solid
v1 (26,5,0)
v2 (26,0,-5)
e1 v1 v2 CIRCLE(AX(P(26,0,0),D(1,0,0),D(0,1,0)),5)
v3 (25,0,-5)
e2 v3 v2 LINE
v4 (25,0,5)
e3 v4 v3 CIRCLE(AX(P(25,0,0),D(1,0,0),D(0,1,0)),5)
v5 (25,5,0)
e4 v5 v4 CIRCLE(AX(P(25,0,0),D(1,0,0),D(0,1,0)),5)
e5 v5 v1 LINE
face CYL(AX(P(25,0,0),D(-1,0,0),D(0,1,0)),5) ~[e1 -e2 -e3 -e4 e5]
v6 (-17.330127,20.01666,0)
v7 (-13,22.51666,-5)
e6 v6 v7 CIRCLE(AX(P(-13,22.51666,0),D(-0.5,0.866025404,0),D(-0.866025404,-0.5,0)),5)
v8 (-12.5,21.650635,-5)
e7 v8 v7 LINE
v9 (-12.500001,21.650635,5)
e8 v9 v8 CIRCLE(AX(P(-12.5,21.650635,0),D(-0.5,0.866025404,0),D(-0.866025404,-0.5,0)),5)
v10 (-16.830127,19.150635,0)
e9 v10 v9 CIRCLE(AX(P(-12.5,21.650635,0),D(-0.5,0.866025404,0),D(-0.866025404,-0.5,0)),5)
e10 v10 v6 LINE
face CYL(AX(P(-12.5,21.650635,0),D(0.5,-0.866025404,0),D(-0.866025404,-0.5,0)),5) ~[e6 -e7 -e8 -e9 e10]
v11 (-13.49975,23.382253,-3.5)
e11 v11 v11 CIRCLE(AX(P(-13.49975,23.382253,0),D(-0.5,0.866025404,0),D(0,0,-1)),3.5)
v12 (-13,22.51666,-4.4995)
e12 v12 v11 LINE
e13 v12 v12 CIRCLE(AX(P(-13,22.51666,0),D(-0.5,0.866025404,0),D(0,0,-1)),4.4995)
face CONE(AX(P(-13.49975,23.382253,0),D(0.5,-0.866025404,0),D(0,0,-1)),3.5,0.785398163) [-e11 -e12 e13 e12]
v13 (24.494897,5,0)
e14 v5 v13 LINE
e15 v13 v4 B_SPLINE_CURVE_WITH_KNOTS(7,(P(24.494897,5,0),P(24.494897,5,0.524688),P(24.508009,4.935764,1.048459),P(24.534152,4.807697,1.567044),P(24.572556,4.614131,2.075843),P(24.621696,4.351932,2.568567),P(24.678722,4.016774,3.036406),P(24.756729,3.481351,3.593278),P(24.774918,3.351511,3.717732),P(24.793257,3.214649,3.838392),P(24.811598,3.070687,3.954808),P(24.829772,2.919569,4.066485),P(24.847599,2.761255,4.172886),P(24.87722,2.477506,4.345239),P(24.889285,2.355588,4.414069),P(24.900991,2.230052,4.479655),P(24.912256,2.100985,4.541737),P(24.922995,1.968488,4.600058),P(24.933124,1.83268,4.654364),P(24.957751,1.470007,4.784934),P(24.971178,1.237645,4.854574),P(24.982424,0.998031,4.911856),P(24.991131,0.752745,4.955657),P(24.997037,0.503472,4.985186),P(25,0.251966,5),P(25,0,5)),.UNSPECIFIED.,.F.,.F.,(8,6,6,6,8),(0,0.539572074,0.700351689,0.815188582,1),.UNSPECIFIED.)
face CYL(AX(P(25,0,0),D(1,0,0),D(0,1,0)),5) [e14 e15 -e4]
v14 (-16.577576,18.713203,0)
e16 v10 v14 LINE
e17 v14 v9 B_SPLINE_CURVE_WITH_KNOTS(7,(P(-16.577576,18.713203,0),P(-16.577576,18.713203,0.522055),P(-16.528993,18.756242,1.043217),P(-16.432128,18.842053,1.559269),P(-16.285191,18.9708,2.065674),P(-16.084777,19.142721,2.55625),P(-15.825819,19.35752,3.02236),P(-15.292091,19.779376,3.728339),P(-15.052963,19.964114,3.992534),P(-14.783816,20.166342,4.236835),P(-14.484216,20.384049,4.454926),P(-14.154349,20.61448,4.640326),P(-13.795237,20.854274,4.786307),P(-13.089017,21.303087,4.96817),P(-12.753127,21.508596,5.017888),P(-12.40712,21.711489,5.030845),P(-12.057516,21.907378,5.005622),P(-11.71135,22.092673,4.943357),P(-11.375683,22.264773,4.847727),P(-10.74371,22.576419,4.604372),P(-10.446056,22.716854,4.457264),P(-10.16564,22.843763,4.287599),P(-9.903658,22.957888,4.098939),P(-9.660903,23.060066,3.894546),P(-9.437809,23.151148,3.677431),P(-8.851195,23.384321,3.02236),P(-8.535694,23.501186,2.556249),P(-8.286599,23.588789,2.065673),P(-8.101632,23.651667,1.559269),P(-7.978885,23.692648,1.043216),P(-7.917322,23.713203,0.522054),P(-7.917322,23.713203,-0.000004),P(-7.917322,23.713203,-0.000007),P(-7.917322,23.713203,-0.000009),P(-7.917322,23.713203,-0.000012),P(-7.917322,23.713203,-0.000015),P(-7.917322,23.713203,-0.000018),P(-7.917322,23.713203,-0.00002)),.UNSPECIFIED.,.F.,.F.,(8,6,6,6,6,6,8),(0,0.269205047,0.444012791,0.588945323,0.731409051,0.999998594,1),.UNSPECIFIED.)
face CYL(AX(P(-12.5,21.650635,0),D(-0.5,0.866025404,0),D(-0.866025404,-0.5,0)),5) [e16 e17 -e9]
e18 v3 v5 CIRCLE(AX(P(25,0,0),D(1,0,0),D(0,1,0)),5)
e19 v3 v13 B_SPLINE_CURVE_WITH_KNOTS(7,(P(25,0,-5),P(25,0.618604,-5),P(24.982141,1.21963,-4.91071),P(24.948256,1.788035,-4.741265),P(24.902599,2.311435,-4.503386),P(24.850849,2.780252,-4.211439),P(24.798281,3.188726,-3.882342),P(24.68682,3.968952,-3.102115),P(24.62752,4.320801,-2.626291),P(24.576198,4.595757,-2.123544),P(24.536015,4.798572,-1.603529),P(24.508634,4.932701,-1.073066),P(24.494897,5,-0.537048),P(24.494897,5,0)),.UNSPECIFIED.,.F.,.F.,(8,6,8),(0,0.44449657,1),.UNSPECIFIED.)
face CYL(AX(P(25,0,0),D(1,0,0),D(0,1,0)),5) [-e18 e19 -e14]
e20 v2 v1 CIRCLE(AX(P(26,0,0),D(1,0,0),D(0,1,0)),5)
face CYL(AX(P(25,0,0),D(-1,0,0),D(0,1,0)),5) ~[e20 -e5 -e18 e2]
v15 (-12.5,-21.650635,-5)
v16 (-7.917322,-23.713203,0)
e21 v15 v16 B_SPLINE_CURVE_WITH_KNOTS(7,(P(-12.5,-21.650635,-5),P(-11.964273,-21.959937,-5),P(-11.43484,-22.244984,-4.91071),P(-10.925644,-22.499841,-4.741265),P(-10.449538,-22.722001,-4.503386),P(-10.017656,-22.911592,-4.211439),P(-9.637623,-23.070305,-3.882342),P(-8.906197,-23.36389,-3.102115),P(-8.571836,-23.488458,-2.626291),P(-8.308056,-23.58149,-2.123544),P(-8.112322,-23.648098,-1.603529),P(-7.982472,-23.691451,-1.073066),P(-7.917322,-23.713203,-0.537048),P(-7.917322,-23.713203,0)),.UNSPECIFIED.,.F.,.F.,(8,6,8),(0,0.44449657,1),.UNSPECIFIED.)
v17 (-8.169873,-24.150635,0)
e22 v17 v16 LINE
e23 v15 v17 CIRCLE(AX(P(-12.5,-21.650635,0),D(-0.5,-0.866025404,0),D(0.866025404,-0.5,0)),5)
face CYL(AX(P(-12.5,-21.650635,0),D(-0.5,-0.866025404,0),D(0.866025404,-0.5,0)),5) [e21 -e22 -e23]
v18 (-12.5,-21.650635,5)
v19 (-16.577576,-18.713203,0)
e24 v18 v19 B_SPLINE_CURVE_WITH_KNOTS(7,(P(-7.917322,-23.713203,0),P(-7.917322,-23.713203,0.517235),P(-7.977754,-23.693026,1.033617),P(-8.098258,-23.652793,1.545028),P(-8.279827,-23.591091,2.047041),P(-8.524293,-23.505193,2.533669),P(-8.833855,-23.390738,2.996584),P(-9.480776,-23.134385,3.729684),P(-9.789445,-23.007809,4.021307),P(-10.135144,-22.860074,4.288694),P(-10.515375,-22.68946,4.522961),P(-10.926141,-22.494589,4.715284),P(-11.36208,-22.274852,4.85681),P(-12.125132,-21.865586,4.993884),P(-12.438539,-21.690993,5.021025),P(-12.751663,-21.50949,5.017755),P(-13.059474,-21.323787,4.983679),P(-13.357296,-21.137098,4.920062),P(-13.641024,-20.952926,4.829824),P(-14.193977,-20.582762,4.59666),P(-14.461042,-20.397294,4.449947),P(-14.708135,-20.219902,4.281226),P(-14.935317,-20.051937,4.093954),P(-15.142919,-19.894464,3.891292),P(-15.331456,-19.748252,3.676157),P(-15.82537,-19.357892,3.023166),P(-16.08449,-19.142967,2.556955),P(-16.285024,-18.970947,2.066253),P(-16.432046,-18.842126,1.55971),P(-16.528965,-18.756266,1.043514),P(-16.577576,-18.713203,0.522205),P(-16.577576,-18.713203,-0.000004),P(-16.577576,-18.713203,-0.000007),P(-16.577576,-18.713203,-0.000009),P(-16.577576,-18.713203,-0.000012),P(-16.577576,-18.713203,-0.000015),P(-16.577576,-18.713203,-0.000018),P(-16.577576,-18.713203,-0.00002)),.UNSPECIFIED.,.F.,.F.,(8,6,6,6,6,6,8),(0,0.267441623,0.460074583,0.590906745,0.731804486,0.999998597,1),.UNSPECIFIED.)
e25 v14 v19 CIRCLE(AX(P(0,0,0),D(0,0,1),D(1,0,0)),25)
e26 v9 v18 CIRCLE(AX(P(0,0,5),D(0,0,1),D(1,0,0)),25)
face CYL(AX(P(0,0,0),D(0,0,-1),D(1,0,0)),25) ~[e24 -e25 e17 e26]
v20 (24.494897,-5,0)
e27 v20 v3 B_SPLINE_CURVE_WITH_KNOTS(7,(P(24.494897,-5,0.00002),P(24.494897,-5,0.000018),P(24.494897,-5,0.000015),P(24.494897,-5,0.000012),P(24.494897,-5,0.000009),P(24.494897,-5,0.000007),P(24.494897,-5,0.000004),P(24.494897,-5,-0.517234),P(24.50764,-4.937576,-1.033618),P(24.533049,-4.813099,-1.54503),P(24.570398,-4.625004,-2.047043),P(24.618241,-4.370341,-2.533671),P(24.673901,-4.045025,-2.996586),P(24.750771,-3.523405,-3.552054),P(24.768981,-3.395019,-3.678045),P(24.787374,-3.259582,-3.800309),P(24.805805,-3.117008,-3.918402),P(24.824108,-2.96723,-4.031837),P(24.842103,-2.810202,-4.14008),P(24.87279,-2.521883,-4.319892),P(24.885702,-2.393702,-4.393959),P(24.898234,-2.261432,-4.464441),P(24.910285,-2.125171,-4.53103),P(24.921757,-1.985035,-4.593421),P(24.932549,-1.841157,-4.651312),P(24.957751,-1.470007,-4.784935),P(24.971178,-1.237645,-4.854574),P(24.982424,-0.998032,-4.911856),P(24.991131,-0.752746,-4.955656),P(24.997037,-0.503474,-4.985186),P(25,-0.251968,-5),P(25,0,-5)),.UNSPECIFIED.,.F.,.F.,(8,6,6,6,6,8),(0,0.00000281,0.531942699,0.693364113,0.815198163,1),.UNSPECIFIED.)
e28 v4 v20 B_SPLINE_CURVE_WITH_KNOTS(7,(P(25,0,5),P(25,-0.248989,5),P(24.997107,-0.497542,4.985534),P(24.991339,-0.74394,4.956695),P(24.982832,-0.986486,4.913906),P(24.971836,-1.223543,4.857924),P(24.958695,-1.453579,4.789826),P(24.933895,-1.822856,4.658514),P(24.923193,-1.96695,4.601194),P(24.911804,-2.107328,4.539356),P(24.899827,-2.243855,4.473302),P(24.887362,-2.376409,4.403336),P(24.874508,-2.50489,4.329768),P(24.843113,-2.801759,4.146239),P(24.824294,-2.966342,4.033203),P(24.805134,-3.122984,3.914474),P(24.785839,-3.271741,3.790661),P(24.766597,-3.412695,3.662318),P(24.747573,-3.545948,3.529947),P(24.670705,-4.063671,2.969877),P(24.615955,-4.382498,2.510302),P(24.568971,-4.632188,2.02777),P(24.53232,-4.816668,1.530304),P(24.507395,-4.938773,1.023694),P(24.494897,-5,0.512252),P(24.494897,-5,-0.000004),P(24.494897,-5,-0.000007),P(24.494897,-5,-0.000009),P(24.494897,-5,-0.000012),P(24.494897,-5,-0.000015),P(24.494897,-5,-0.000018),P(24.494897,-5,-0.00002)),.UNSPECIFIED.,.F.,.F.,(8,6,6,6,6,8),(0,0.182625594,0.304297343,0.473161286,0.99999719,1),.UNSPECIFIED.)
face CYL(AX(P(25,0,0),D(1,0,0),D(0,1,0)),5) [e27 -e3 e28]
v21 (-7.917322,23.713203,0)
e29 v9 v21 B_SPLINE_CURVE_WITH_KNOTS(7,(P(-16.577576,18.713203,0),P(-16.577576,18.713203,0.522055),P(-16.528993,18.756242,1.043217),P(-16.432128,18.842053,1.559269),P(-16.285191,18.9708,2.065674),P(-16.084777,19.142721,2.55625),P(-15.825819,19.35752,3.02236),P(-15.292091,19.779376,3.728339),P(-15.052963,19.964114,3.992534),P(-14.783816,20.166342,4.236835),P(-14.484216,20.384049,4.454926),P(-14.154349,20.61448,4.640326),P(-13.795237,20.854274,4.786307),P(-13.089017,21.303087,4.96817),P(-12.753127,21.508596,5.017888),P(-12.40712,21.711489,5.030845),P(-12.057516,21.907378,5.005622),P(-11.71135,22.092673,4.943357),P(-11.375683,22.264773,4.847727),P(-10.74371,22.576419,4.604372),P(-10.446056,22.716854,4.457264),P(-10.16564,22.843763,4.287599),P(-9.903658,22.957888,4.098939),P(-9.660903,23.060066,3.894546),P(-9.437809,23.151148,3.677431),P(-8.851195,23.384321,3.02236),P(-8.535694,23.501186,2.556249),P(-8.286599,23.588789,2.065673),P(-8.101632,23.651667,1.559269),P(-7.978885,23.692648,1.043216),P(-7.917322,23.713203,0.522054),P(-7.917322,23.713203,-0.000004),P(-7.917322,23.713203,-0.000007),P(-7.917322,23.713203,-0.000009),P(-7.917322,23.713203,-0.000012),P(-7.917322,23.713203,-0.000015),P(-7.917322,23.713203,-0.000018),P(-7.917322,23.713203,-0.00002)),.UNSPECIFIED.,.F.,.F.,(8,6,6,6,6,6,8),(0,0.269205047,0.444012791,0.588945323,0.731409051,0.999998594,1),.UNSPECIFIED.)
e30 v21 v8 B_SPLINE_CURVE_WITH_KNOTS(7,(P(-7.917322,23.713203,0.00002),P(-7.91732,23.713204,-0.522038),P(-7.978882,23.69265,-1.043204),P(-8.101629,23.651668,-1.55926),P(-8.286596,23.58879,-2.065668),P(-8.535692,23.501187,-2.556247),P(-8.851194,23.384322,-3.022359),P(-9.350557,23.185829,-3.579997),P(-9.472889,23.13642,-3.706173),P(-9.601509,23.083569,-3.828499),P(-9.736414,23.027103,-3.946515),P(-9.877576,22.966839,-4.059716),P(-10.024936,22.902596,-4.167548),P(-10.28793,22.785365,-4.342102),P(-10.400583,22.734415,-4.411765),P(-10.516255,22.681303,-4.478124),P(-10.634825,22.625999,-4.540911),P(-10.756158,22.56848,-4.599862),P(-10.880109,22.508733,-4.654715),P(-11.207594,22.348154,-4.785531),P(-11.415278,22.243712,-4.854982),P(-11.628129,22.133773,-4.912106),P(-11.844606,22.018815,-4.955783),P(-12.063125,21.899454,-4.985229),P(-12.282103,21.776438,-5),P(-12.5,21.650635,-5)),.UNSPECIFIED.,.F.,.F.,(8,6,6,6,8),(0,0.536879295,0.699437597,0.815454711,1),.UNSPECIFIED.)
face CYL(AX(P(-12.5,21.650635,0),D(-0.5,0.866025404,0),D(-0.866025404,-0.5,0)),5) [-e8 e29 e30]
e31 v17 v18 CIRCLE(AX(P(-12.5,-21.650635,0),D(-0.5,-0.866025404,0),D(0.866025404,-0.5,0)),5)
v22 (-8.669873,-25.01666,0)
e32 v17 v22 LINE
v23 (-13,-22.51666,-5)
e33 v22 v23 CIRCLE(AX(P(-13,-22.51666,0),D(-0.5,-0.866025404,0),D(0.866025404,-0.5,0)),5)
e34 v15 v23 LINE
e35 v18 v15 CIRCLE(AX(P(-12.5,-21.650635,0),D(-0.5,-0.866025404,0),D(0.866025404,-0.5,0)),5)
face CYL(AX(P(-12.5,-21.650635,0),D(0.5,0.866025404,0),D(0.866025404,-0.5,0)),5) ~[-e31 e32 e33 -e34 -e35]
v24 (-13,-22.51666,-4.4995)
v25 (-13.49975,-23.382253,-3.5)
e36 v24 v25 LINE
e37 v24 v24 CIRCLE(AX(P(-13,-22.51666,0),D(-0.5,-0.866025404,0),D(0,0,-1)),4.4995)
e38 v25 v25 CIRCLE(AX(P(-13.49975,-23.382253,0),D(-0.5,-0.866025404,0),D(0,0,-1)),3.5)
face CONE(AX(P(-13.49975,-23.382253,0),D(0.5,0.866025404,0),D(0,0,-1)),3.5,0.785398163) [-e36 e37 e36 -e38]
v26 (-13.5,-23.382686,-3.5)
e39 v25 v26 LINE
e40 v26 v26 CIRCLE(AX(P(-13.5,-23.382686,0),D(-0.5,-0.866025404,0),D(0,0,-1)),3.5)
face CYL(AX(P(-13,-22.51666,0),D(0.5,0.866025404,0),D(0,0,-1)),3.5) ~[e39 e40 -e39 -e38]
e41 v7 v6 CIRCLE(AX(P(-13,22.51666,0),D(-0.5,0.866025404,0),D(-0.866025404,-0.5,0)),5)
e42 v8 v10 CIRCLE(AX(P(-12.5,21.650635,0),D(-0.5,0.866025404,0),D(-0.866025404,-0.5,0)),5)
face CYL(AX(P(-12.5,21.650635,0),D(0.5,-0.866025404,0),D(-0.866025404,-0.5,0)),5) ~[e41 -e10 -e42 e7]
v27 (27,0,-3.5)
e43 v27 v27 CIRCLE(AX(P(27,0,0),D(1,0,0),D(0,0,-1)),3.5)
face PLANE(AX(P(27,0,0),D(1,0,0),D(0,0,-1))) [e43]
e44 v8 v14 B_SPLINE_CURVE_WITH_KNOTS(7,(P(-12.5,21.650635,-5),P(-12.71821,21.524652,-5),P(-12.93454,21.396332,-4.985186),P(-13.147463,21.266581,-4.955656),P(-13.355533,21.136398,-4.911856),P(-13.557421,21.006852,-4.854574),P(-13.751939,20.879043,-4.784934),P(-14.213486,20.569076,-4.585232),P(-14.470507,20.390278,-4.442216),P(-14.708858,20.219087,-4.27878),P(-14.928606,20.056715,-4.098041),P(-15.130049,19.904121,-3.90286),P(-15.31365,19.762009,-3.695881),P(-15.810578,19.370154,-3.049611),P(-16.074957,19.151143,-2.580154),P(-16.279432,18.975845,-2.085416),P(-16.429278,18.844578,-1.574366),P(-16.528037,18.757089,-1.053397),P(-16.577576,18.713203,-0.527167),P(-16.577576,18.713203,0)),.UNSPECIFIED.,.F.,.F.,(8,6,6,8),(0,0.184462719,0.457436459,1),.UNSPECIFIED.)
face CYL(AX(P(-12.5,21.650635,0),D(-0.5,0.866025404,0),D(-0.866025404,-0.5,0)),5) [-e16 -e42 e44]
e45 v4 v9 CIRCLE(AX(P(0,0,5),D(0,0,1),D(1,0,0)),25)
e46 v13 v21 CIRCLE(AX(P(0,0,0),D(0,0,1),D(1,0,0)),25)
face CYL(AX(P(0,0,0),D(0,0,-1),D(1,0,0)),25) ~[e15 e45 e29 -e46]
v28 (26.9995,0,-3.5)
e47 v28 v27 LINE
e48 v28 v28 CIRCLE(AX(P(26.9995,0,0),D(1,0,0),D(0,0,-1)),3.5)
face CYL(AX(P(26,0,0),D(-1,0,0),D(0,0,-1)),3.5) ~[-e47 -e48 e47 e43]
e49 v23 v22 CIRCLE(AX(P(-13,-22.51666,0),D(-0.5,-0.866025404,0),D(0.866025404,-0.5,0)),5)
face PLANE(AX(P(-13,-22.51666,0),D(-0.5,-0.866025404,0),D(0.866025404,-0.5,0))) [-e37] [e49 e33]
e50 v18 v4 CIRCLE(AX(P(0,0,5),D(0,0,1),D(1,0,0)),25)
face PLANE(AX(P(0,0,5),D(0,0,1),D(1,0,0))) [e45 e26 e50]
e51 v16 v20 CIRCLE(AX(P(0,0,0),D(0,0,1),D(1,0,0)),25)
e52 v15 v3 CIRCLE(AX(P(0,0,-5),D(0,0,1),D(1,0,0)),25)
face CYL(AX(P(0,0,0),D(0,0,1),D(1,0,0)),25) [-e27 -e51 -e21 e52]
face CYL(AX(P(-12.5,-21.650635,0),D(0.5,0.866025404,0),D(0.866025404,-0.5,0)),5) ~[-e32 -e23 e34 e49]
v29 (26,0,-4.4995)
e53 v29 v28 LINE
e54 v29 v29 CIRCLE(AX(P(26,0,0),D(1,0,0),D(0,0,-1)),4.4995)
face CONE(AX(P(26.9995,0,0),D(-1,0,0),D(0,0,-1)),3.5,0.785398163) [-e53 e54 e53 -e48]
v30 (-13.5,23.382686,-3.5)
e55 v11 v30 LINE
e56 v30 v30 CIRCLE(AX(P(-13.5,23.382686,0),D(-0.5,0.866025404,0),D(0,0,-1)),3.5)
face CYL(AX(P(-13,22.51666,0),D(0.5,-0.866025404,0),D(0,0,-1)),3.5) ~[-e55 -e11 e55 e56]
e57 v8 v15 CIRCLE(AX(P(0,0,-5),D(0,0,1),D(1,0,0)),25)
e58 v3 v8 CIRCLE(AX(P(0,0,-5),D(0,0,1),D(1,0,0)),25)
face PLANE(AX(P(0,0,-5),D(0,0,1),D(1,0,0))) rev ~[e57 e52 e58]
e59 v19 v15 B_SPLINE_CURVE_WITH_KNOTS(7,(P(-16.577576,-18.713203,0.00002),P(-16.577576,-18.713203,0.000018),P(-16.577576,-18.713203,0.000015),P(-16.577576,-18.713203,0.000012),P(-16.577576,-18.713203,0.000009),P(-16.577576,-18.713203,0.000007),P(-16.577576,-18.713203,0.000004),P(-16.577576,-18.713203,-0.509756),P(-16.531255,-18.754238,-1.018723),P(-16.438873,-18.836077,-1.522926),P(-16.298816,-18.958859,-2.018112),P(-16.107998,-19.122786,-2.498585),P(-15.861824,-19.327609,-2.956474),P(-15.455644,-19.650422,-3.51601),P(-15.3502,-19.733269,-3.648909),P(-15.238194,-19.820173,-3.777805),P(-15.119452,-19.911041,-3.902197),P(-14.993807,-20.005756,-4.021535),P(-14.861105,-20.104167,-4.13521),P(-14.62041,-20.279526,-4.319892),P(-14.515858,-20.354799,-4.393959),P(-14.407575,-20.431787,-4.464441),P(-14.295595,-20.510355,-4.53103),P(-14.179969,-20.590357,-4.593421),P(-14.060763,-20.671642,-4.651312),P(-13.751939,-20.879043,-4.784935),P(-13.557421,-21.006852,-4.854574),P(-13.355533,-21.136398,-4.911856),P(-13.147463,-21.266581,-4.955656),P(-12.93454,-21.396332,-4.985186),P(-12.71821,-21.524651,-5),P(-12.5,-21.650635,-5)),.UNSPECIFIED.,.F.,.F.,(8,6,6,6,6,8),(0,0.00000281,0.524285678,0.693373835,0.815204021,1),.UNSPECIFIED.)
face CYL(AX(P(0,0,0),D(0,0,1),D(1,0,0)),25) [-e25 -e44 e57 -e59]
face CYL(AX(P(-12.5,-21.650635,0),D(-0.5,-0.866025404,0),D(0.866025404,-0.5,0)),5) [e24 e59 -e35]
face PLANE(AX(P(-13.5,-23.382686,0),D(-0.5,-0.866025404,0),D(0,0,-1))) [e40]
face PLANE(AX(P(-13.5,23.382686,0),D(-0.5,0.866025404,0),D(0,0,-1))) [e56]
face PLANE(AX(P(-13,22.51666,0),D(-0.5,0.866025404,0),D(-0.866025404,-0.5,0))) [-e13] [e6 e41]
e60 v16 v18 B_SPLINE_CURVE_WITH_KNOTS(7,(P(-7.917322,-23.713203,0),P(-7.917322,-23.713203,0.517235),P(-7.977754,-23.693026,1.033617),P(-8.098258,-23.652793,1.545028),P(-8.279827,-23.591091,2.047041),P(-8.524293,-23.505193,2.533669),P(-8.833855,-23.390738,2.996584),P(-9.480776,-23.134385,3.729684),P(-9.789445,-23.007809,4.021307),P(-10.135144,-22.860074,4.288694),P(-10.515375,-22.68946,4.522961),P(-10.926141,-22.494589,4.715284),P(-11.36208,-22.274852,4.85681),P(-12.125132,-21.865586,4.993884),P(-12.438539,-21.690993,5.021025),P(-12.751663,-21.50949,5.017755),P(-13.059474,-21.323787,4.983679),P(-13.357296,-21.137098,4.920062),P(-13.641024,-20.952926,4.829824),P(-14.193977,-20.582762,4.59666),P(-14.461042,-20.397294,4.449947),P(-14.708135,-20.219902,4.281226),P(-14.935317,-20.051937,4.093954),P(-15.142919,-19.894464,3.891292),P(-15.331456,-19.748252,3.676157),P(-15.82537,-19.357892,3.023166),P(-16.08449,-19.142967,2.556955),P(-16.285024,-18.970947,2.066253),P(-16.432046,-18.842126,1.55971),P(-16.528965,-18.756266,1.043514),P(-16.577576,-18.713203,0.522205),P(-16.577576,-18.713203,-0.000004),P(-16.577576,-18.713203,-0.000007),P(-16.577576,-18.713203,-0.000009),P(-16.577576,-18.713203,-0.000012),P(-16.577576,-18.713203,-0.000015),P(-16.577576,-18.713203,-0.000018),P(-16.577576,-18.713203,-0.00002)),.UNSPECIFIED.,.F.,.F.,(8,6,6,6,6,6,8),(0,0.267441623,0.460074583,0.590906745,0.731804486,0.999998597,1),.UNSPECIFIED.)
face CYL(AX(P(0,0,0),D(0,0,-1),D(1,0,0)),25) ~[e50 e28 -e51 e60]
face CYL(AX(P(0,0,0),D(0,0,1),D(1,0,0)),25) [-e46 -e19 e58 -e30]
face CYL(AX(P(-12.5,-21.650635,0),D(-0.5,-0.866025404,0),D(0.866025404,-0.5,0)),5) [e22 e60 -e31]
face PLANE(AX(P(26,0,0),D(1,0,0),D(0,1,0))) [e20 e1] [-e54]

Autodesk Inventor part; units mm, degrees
ref_plane "XZ Plane" through (0, 0, 0) normal (0, 1, 0) x (-1, 0, 0)
ref_plane "XY Plane" through (0, 0, 0) normal (0, 0, 1) x (1, 0, 0)
sketch "Sketch1" plane through (0, 0, 0) normal (0, 0, 1) x (1, 0, 0)
  circle A0 centre (0, 0) radius 25
  dimension "d0" = 50
extrude "Extrusion1" add sketch "Sketch1" along normal mid plane 10
ref_plane "Work Plane1" through (25, 0, 0) normal (1, 0, 0) x (0, 1, 0)
sketch "Sketch2" plane through (25, 0, 0) normal (1, 0, 0) x (0, 1, 0)
  circle A0 centre (0, 0) radius 5
  line L0 (-25, -5) -> (25, -5) projected
  point P0 (0, 0)
extrude "Extrusion2" add sketch "Sketch2" along normal mid plane 2
sketch "Sketch3" plane through (26, 0, 0) normal (1, 0, 0) x (0, 0, -1)
  circle A0 centre (0, 0) radius 3.5
  point P0 (0, 0)
  dimension "d5" = 7
extrude "Extrusion3" add sketch "Sketch3" along normal blind 1
chamfer "Chamfer1" distance 1 angle 45 1 edges at (26, 0, 3.5)
pattern_circular "Circular Pattern1" count 3 over 360 about axis through (0, 0, 0) along (0, 0, 1) of "Extrusion2", "Extrusion3", "Chamfer1"
properties part number "Platform"
